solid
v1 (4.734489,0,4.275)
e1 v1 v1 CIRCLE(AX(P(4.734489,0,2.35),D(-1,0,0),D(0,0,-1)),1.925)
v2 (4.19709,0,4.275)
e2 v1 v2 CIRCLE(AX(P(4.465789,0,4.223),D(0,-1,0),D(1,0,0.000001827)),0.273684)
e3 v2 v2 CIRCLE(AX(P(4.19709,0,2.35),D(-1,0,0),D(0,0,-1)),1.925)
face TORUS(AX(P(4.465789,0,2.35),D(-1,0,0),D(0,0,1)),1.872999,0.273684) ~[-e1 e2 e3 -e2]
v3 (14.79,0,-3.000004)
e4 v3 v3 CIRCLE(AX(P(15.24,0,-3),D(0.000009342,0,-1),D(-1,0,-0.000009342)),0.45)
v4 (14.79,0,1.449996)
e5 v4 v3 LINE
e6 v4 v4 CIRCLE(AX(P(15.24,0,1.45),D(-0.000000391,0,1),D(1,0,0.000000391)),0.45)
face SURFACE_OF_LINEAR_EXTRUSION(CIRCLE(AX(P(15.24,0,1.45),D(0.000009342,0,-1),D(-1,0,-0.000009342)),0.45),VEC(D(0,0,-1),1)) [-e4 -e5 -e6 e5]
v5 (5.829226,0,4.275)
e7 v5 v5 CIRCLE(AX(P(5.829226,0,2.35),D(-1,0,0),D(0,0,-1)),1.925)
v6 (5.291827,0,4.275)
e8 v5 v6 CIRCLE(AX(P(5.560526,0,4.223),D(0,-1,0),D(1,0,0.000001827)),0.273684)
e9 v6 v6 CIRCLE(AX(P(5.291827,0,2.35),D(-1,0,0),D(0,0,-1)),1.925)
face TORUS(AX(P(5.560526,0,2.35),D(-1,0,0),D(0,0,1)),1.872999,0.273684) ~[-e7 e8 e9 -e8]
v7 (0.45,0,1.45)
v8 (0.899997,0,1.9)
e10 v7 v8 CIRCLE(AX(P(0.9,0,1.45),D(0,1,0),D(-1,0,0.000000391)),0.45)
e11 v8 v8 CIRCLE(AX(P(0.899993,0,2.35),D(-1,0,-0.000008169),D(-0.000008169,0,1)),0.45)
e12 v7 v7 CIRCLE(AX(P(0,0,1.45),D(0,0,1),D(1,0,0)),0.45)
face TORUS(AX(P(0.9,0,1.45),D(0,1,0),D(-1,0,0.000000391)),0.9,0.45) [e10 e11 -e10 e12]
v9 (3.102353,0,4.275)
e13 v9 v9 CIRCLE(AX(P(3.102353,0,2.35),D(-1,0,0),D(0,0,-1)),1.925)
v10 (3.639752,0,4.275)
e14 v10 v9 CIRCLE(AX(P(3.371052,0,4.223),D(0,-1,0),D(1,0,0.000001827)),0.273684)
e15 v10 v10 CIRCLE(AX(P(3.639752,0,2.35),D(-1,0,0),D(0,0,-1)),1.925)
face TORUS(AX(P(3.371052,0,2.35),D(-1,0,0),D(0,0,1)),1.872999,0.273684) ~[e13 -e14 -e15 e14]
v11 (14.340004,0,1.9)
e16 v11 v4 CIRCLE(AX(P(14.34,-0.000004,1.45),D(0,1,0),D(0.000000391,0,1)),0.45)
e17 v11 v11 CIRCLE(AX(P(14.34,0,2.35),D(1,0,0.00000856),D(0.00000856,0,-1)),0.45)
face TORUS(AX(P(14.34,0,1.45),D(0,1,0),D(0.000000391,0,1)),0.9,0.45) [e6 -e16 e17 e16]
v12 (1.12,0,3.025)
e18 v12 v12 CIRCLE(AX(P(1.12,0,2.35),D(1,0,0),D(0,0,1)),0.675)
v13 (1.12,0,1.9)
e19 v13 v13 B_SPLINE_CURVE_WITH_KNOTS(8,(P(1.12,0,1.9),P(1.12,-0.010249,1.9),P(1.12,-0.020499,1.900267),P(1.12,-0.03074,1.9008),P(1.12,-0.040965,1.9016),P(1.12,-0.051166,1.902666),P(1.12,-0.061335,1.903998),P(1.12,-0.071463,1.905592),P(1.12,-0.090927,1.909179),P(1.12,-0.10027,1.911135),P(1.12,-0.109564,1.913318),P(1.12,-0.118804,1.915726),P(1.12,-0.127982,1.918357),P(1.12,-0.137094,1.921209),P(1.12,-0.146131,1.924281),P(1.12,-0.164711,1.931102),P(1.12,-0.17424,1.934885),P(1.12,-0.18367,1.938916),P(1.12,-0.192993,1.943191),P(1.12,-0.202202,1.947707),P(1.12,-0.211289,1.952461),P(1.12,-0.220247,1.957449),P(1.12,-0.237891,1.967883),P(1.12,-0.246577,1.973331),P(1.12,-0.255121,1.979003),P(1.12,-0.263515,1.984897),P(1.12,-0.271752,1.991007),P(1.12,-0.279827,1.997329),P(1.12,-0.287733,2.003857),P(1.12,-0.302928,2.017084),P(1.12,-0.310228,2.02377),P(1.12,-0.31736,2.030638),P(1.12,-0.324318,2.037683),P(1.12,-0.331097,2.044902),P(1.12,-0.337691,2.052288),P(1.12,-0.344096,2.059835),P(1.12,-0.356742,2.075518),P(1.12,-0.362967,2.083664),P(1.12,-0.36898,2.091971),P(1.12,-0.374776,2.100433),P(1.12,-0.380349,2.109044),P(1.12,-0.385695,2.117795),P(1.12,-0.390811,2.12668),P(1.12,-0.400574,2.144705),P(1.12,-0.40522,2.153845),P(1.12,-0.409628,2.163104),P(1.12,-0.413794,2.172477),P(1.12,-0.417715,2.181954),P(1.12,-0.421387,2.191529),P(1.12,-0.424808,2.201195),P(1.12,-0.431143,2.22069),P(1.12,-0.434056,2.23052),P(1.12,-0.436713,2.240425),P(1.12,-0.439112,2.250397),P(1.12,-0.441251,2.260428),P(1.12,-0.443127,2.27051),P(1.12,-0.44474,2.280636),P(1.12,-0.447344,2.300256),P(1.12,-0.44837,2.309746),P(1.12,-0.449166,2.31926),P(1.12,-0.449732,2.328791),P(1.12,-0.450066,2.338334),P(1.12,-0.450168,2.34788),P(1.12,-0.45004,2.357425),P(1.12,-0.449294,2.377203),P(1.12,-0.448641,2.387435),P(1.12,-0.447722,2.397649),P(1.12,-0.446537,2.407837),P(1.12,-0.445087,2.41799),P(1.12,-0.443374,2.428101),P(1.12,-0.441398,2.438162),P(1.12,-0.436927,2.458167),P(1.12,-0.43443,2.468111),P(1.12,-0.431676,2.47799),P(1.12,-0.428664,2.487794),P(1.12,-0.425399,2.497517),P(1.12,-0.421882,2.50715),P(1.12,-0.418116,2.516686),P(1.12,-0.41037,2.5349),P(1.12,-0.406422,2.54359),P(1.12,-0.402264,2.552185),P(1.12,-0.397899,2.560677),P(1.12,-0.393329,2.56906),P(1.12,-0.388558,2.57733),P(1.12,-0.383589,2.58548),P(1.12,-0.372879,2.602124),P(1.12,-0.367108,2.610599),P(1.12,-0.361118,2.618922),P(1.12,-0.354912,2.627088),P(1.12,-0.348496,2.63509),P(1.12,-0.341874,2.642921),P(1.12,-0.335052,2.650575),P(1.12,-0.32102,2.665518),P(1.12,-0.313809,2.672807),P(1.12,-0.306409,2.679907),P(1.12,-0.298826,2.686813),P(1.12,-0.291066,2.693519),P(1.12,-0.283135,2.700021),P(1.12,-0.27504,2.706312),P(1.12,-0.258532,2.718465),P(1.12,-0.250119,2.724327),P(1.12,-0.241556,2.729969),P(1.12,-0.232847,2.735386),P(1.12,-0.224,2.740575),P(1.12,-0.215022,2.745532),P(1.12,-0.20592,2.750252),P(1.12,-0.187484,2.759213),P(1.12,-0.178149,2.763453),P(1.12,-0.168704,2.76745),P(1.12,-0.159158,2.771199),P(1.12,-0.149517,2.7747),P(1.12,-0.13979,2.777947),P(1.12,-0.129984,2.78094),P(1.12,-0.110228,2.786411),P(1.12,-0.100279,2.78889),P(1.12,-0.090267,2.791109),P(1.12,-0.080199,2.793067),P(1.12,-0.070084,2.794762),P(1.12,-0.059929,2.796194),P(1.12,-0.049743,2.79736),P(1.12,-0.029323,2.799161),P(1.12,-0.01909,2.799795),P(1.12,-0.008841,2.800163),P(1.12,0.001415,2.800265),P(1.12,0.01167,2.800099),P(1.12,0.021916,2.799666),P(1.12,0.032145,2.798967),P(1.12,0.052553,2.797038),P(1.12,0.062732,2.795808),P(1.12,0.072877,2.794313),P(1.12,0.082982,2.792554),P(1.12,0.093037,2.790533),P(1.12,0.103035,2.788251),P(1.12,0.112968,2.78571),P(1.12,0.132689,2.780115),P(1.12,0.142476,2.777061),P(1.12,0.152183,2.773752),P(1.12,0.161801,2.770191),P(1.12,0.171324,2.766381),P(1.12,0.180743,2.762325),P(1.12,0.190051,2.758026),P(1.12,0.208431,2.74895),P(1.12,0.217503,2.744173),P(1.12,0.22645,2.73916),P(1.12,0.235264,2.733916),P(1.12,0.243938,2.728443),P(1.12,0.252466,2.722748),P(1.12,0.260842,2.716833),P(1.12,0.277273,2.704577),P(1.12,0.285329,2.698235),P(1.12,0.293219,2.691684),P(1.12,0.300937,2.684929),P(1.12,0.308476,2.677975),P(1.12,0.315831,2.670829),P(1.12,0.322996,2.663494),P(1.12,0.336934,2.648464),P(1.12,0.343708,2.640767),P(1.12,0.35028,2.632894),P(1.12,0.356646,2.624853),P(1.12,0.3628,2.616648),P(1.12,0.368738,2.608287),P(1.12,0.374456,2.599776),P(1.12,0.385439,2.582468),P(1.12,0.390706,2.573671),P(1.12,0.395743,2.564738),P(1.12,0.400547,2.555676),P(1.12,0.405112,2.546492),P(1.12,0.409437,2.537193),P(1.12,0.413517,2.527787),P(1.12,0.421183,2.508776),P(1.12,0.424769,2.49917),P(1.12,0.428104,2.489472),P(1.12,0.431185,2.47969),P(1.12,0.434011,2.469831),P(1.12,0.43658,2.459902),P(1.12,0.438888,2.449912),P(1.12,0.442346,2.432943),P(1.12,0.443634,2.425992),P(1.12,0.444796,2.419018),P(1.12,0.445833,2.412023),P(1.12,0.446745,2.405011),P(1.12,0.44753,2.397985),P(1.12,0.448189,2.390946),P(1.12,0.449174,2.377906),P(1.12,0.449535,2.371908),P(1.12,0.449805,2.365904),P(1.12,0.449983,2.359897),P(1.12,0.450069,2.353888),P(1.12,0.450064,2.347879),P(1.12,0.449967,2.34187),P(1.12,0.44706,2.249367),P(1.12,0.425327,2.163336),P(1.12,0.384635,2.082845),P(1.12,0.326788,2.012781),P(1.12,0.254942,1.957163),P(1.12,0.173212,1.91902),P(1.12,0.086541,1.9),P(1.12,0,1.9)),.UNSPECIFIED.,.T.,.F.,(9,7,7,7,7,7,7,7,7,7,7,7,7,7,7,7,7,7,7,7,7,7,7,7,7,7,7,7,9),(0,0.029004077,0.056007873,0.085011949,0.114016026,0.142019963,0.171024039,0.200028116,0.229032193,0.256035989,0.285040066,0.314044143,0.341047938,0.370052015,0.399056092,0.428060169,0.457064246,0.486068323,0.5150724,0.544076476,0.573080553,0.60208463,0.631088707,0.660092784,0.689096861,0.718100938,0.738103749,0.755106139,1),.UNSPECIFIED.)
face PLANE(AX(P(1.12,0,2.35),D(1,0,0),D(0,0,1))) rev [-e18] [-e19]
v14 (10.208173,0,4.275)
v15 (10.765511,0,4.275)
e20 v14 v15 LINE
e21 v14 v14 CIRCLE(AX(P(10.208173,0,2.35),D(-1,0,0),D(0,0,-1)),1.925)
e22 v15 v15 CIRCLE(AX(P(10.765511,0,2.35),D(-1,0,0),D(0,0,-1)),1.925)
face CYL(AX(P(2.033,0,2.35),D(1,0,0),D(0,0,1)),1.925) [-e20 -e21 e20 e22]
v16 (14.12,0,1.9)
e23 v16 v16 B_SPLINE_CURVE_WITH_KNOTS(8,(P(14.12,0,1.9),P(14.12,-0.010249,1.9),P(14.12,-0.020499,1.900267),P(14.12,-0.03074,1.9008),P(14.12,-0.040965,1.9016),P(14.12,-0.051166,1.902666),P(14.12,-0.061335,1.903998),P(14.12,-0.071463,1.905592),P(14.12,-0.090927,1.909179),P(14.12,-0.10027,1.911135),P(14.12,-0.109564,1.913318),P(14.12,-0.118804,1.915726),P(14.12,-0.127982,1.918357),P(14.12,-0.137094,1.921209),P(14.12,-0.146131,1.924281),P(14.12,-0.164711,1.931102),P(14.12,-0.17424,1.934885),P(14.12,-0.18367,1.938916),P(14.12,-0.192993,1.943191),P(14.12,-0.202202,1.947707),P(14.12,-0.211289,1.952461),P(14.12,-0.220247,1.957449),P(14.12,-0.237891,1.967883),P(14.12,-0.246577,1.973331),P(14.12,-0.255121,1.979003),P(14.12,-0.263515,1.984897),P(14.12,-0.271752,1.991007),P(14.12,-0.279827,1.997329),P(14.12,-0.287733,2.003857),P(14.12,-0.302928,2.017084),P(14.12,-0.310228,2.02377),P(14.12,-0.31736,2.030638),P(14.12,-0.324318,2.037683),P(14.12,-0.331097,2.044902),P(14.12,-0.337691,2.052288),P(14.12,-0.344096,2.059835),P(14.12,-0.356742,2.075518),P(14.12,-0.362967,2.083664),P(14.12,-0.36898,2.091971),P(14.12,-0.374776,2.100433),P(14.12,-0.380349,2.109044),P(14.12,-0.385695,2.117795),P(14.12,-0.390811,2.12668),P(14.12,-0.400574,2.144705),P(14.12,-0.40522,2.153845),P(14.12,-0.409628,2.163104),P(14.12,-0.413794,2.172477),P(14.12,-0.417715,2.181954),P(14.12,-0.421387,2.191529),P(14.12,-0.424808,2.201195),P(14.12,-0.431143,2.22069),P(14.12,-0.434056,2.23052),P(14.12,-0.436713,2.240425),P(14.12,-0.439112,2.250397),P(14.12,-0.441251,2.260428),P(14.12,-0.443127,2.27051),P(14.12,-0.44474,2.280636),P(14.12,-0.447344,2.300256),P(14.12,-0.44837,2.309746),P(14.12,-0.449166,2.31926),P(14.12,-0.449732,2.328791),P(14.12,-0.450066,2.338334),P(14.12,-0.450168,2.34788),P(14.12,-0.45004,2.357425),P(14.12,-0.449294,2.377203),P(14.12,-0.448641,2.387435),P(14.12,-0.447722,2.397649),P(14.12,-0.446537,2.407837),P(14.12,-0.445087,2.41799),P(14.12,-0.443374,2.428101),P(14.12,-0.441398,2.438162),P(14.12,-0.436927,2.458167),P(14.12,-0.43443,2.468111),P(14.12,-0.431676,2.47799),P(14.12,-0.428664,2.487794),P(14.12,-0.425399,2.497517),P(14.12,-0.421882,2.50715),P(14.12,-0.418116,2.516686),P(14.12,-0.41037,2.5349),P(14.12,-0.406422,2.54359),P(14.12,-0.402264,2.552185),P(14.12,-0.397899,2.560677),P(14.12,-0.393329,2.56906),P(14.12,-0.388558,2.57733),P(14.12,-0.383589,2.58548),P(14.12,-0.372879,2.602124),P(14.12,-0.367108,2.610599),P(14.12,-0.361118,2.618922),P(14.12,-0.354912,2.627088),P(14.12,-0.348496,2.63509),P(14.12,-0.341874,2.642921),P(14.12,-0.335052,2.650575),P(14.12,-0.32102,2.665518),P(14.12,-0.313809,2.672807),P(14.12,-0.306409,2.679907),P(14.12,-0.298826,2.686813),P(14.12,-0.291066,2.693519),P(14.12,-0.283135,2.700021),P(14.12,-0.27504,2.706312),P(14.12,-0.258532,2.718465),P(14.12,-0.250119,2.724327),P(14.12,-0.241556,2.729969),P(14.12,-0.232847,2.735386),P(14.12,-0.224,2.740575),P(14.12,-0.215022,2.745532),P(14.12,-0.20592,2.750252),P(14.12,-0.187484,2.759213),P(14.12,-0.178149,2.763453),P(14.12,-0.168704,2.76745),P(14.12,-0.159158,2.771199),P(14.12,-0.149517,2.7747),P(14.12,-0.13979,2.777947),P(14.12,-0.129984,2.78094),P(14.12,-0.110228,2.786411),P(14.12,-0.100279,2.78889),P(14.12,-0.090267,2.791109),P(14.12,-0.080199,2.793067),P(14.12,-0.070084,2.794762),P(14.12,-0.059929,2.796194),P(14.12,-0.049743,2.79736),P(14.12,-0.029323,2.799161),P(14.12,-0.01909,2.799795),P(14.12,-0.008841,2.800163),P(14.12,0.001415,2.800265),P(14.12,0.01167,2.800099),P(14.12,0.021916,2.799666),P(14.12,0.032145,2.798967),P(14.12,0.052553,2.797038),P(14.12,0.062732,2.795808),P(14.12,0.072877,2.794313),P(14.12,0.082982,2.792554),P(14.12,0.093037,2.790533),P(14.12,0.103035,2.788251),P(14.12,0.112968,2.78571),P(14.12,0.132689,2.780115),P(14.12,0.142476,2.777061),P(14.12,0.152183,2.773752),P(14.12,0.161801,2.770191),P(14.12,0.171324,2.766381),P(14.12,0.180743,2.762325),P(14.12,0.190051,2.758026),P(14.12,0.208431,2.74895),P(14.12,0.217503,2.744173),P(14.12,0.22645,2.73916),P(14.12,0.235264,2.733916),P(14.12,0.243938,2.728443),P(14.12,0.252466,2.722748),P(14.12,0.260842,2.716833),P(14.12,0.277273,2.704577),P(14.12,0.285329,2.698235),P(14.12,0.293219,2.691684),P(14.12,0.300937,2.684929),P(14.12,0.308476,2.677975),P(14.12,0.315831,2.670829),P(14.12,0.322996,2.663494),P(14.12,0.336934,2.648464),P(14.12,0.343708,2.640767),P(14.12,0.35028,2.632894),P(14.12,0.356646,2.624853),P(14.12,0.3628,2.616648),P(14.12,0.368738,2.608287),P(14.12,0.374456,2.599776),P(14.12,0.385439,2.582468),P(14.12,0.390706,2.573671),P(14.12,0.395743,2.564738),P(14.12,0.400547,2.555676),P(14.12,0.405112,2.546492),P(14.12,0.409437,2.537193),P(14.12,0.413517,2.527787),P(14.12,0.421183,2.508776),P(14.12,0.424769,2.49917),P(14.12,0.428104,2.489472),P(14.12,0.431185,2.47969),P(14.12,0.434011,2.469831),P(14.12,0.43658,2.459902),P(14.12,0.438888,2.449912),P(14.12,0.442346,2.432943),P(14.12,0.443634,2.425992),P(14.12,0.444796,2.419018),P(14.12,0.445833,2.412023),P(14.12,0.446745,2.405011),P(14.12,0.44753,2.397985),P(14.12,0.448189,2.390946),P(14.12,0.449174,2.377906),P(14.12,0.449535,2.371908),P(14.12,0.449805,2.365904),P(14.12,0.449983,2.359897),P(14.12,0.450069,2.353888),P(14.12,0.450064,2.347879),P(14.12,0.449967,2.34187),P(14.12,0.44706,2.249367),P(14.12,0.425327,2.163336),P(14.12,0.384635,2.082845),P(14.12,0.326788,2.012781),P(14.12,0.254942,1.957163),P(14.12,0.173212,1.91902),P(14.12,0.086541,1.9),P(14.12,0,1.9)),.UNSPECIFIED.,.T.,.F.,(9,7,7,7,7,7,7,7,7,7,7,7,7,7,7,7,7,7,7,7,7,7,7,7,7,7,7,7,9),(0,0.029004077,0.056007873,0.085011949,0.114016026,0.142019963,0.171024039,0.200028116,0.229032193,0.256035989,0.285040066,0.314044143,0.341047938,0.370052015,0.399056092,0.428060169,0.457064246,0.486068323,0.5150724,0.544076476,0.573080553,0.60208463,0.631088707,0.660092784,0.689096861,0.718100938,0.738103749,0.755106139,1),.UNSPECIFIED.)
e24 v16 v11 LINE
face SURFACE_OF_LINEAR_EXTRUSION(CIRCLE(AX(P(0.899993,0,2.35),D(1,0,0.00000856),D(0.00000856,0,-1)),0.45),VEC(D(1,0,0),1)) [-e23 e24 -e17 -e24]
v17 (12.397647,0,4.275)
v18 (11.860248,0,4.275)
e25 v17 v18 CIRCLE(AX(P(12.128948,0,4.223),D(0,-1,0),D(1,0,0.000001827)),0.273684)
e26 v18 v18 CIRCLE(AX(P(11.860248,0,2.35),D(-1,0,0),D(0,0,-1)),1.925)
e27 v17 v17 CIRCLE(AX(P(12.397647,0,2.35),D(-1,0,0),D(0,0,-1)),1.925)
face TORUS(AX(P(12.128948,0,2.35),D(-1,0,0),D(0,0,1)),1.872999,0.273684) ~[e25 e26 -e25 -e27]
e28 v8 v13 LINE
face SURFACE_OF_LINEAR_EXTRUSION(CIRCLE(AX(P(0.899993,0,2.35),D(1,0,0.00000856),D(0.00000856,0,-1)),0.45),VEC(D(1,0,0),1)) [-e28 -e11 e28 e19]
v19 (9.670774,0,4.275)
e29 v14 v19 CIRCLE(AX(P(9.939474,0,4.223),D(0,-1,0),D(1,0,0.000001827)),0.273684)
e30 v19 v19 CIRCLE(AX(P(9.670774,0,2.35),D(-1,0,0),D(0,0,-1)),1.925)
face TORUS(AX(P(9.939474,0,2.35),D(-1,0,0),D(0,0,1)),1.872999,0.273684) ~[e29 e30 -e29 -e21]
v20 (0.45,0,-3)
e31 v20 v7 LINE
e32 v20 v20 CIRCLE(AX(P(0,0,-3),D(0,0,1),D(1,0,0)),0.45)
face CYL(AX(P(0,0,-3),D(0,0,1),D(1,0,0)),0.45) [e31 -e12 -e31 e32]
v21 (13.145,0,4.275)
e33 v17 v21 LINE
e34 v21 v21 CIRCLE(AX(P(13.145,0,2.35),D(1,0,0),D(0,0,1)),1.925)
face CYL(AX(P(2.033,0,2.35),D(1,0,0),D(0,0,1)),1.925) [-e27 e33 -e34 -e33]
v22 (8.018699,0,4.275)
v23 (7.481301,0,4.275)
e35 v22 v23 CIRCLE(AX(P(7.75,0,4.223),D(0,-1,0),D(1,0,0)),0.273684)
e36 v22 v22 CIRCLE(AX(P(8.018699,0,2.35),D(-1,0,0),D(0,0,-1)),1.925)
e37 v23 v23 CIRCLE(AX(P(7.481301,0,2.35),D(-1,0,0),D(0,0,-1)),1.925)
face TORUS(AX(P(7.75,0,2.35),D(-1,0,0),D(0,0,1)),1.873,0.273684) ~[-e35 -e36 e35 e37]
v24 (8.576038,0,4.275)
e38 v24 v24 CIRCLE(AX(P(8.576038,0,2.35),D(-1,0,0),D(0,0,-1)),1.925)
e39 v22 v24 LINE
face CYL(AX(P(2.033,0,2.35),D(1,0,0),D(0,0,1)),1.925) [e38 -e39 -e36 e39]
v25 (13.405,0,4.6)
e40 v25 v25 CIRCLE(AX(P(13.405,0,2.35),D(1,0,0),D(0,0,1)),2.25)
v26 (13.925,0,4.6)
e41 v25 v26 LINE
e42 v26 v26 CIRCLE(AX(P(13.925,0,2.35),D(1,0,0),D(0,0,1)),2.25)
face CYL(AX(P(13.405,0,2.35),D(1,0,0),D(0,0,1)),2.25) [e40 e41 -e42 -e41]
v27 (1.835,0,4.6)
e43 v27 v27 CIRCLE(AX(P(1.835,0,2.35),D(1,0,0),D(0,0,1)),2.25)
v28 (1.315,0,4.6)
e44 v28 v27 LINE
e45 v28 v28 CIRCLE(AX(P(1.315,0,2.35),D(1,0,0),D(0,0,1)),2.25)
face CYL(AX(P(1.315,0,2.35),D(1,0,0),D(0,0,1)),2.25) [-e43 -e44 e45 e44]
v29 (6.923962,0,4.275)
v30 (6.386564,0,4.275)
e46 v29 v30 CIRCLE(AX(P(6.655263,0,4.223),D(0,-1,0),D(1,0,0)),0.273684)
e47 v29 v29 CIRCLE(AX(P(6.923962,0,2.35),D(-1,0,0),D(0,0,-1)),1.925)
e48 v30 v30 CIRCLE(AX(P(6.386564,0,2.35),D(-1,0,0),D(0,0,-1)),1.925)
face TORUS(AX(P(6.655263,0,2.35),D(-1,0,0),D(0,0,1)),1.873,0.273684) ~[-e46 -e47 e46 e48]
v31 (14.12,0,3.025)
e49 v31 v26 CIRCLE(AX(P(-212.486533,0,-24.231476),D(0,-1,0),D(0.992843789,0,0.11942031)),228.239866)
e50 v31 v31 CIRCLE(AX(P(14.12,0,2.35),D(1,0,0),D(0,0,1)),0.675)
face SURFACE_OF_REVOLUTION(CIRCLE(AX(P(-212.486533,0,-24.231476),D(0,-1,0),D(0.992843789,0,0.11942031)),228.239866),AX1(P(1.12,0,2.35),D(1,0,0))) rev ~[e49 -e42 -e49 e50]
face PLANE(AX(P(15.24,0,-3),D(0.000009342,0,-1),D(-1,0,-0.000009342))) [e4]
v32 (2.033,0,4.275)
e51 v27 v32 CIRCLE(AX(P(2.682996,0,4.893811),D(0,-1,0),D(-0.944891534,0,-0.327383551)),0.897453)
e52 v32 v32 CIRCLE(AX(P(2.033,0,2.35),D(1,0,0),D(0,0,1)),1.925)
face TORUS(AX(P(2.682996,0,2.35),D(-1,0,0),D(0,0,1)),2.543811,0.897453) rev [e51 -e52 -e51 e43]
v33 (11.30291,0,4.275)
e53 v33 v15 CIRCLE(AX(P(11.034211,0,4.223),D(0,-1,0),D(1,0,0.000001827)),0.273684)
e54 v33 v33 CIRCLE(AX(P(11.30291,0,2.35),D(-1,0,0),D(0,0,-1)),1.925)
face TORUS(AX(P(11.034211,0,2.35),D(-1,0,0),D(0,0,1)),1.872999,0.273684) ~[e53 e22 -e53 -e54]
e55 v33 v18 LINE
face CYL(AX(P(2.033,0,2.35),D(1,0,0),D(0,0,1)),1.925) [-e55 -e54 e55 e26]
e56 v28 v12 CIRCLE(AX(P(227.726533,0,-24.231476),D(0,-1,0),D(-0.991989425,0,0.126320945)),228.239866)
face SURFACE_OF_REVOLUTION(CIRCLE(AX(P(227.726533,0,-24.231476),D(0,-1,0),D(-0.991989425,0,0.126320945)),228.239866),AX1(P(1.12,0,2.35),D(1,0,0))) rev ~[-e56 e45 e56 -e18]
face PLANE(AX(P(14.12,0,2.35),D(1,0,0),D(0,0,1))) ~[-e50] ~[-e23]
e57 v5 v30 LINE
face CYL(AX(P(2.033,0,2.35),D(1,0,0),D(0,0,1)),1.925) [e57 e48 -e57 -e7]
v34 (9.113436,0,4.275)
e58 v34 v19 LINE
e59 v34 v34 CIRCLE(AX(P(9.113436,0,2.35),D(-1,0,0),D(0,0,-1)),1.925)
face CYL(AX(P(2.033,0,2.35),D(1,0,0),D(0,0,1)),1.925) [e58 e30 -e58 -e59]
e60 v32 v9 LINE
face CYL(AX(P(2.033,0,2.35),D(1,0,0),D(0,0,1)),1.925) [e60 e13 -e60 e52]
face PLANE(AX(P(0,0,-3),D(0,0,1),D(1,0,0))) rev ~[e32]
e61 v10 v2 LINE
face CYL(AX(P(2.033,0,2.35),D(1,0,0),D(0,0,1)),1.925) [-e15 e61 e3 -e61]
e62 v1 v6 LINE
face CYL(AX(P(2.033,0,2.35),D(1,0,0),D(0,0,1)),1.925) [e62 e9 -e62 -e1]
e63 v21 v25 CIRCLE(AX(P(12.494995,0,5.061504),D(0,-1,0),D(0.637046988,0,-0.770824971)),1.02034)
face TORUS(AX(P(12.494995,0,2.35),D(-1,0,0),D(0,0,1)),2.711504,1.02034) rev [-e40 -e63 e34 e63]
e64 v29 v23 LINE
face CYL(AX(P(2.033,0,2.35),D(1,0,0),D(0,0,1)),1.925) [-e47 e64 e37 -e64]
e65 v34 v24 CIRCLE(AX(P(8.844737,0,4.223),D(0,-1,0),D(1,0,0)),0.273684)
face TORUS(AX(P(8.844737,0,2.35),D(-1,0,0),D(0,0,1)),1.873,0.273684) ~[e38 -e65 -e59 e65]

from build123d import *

# Parameters (mm, degrees)
SKETCH_R = 0.45


with BuildPart() as sweep_body:
    # Sweep: sweep along a path in Sketch001
    with BuildLine(Plane.XZ) as sweep_path:
        Line((0, -3), (0, 1.45))
        ThreePointArc((0, 1.45), (0.263601, 2.086393), (0.899993, 2.35))
        Line((0.899993, 2.35), (14.34, 2.35))
        ThreePointArc((14.34, 2.35), (14.976396, 2.086396), (15.24, 1.45))
        Line((15.24, 1.45), (15.24, -3))
    # Sketch → Sweep (sweep)
    with BuildSketch(Plane.XY.offset(-2)):
        Circle(SKETCH_R)
    sweep(path=sweep_path.line)


with BuildPart() as revolution:
    # Sketch002 → Revolution (revolve)
    with BuildSketch(Plane.XZ):
        with BuildLine():
            Line((1.315, 4.6), (1.835, 4.6))
            ThreePointArc((1.835, 4.6), (1.916575, 4.426884), (2.033, 4.275))
            Line((2.033, 4.275), (13.145, 4.275))
            ThreePointArc((13.145, 4.275), (13.291747, 4.424102), (13.405, 4.6))
            Line((13.405, 4.6), (13.925, 4.6))
            ThreePointArc((14.12, 3.025), (14.023869, 3.812669), (13.925, 4.6))
            Line((14.12, 2.35), (14.12, 3.025))
            Line((1.12, 2.35), (14.12, 2.35))
            Line((1.12, 2.35), (1.12, 3.025))
            ThreePointArc((1.315, 4.6), (1.216131, 3.812669), (1.12, 3.025))
        make_face()
    revolve(axis=Axis((1.12, 0, 2.35), (1, 0, 0)))


with BuildPart() as revolution001_mp_cp:
    # Sketch003 → Revolution001 (revolve)
    with BuildSketch(Plane.XZ):
        with BuildLine():
            ThreePointArc((3.644737, 4.223), (3.371053, 4.496684), (3.097368, 4.223))
            Line((2.55, 4.223), (3.097368, 4.223))
            Line((2.55, 4.223), (2.55, 3.773))
            Line((2.55, 3.773), (12.95, 3.773))
            Line((12.95, 3.773), (12.95, 4.223))
            Line((12.402632, 4.223), (12.95, 4.223))
            ThreePointArc((12.402632, 4.223), (12.128947, 4.496684), (11.855263, 4.223))
            Line((11.307895, 4.223), (11.855263, 4.223))
            ThreePointArc((11.307895, 4.223), (11.034211, 4.496684), (10.760526, 4.223))
            Line((10.213158, 4.223), (10.760526, 4.223))
            ThreePointArc((10.213158, 4.223), (9.939474, 4.496684), (9.665789, 4.223))
            Line((9.118421, 4.223), (9.665789, 4.223))
            ThreePointArc((9.118421, 4.223), (8.844737, 4.496684), (8.571053, 4.223))
            Line((8.023684, 4.223), (8.571053, 4.223))
            ThreePointArc((8.023684, 4.223), (7.75, 4.496684), (7.476316, 4.223))
            Line((6.928947, 4.223), (7.476316, 4.223))
            ThreePointArc((6.928947, 4.223), (6.655263, 4.496684), (6.381579, 4.223))
            Line((5.834211, 4.223), (6.381579, 4.223))
            ThreePointArc((5.834211, 4.223), (5.560526, 4.496684), (5.286842, 4.223))
            Line((4.739474, 4.223), (5.286842, 4.223))
            ThreePointArc((4.739474, 4.223), (4.465789, 4.496684), (4.192105, 4.223))
            Line((3.644737, 4.223), (4.192105, 4.223))
        make_face()
    revolve(axis=Axis((1.445, 0, 2.35), (1, 0, 0)))

    # Revolution001_mp_cp: union Sweep body, Revolution
    add(sweep_body.part)
    add(revolution.part)


solid = revolution001_mp_cp.part
